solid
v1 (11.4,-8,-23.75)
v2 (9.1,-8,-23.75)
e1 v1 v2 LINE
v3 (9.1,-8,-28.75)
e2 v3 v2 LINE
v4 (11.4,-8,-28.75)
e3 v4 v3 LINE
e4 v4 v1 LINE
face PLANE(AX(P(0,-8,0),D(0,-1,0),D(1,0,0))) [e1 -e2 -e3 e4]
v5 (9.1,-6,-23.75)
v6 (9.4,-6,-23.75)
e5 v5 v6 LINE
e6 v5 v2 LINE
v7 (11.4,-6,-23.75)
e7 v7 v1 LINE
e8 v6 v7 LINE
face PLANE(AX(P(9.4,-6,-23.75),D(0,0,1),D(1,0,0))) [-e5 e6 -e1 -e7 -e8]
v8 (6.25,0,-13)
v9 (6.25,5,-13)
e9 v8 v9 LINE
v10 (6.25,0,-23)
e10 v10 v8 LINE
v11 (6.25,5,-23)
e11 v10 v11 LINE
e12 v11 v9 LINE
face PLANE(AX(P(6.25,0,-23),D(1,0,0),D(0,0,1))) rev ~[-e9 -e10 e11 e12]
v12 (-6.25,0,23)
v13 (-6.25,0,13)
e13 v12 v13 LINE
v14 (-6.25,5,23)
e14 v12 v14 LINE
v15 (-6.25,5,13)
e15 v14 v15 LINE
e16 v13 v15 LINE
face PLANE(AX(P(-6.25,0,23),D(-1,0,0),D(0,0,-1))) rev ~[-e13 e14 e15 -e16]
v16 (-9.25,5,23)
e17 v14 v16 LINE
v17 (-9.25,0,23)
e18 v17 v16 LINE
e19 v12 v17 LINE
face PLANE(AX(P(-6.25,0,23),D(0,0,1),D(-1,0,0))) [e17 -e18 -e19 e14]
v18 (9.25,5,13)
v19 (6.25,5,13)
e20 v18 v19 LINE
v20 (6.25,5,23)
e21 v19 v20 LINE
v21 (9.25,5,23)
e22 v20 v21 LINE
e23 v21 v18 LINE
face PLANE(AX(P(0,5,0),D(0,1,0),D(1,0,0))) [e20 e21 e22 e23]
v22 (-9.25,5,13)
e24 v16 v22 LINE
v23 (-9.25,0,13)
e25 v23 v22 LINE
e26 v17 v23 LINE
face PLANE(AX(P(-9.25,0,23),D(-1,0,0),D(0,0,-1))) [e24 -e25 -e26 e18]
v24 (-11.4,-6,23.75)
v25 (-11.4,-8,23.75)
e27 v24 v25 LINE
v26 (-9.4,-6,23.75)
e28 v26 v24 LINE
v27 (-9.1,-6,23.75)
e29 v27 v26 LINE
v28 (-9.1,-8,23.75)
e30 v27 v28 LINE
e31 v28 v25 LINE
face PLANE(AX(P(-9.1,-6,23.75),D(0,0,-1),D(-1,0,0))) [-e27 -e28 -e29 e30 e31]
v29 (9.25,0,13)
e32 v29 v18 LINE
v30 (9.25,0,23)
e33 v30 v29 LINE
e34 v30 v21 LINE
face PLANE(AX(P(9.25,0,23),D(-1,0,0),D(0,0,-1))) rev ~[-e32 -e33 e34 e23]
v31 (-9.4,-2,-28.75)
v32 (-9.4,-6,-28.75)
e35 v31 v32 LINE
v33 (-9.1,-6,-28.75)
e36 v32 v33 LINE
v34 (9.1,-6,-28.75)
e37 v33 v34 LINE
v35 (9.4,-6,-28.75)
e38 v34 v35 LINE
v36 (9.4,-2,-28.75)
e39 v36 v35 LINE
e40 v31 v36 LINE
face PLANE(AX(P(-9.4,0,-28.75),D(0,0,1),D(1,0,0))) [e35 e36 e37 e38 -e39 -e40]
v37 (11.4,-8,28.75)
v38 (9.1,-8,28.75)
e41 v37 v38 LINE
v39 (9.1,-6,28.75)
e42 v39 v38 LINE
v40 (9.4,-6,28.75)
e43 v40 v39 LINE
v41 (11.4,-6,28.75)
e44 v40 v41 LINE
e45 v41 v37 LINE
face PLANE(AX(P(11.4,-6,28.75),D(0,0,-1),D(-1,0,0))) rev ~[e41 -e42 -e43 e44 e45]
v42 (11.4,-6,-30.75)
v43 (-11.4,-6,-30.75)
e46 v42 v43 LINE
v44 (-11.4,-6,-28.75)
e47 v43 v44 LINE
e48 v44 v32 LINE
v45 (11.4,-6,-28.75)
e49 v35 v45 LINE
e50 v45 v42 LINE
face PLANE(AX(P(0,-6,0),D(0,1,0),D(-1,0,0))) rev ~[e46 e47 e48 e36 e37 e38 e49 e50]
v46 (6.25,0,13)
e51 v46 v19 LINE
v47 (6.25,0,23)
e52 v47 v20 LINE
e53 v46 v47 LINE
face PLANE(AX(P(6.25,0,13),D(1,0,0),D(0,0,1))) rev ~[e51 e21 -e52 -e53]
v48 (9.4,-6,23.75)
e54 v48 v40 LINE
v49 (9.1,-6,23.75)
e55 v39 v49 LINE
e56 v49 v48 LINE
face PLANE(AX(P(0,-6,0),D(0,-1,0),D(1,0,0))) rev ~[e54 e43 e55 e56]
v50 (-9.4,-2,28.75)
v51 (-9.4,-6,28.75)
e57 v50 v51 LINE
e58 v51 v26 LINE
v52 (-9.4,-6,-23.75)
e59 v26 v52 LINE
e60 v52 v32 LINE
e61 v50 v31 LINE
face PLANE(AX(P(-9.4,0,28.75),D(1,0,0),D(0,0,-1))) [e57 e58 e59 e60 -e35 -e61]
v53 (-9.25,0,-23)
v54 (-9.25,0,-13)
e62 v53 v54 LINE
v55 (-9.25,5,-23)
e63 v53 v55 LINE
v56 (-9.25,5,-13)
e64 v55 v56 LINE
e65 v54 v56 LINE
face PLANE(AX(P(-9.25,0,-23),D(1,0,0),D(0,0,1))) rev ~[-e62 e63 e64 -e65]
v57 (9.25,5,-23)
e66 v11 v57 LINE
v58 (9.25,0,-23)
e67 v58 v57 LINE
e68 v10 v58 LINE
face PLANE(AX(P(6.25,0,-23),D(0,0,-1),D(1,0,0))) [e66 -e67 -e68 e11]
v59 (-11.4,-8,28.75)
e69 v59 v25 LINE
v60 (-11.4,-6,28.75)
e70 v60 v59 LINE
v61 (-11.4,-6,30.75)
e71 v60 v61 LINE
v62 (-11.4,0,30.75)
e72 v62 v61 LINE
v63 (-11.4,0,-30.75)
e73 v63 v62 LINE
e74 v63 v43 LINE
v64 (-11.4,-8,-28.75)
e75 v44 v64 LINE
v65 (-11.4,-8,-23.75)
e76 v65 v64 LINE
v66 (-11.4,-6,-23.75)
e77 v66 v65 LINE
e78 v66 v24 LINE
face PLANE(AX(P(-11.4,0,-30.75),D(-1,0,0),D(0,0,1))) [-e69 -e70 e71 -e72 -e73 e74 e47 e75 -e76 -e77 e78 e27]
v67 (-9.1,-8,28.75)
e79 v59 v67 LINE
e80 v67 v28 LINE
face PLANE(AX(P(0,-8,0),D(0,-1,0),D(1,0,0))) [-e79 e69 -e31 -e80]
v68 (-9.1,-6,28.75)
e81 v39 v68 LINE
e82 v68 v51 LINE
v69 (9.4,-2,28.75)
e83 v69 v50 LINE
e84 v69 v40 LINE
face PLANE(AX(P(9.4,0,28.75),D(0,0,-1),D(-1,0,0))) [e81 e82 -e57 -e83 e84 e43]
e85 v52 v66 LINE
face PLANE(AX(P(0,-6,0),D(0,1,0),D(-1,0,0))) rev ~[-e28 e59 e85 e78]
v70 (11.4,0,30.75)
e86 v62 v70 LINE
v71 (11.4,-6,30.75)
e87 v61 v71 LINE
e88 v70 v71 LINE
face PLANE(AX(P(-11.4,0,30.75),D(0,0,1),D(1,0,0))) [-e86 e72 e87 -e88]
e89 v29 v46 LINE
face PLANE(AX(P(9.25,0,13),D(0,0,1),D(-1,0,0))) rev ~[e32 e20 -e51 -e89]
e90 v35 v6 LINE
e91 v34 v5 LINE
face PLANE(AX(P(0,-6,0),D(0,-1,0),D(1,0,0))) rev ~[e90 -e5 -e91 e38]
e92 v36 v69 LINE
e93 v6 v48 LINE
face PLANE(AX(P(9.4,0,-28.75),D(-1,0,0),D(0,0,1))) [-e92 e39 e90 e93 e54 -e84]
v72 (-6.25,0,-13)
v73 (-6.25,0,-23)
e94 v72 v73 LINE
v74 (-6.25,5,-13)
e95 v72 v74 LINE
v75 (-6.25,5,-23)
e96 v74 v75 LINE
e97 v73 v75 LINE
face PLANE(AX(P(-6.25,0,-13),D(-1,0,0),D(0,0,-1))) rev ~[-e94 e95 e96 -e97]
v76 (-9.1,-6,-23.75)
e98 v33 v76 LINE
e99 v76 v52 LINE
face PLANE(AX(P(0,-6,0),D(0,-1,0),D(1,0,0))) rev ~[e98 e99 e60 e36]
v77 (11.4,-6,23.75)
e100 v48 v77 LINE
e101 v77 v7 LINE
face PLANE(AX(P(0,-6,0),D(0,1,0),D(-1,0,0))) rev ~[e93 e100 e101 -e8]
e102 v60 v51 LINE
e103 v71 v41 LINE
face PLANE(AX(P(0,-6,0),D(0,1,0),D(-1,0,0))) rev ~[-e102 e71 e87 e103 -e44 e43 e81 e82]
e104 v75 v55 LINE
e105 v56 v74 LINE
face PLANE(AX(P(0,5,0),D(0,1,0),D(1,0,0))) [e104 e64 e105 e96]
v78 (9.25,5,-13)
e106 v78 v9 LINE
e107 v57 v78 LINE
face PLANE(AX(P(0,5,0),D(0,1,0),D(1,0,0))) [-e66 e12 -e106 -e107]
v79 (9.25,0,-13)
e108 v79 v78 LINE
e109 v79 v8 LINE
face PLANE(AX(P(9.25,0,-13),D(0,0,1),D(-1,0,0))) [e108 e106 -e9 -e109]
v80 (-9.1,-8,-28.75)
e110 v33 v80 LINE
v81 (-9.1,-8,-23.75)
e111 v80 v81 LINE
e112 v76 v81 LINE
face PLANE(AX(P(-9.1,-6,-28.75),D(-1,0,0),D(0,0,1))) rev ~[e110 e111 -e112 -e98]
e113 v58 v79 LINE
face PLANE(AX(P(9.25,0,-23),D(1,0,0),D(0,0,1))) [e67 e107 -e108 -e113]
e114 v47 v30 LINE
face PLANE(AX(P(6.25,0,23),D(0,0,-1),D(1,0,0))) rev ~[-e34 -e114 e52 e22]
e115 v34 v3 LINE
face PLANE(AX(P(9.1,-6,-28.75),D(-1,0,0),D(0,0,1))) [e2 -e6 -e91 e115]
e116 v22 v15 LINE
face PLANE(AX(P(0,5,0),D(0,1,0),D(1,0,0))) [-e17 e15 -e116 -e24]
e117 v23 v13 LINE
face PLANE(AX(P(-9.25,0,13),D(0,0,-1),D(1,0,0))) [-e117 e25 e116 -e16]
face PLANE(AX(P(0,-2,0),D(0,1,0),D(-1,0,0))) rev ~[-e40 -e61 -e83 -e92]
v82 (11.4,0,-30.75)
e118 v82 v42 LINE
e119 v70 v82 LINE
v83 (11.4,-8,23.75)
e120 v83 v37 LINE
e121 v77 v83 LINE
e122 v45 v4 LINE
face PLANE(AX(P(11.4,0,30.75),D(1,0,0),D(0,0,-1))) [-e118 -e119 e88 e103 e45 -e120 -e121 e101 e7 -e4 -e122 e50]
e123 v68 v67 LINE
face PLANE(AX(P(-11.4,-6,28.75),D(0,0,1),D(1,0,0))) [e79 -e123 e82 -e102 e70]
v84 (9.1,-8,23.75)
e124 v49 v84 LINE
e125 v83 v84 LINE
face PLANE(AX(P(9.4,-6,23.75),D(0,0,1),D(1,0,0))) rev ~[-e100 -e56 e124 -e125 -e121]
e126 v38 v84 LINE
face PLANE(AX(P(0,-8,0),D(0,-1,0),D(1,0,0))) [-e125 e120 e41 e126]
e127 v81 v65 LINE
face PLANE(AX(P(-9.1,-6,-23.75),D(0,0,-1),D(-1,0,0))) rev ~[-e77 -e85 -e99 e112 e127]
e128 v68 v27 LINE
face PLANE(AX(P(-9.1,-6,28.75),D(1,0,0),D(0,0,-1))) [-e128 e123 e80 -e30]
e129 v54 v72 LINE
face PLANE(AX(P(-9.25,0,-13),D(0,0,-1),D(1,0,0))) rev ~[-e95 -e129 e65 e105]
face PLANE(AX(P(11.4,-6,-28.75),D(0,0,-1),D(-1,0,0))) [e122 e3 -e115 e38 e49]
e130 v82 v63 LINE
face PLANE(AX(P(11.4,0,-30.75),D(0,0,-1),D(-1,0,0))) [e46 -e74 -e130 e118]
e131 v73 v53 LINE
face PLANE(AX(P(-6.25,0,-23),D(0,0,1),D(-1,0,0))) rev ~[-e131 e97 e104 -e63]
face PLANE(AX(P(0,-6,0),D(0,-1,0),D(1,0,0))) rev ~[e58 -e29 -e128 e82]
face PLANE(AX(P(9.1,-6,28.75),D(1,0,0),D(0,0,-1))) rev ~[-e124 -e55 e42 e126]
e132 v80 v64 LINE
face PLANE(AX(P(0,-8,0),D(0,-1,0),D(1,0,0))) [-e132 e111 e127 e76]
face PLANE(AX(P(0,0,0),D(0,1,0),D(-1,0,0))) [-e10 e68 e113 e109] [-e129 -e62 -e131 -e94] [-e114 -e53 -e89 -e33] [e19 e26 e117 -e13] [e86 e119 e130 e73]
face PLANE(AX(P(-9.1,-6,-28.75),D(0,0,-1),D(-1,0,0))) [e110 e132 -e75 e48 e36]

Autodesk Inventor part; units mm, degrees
ref_plane "YZ Plane" through (0, 0, 0) normal (1, 0, 0) x (0, 1, 0)
ref_plane "XZ Plane" through (0, 0, 0) normal (0, 1, 0) x (-1, 0, 0)
ref_plane "XY Plane" through (0, 0, 0) normal (0, 0, 1) x (1, 0, 0)
sketch "스케치1" plane through (0, 0, 0) normal (0, 1, 0) x (-1, 0, 0)
  line L0 (-9.4, 28.75) -> (9.4, 28.75)
  line L1 (9.4, 28.75) -> (9.4, -28.75)
  line L2 (9.4, -28.75) -> (-9.4, -28.75)
  line L3 (-9.4, -28.75) -> (-9.4, 28.75)
  line L4 (-9.4, 28.75) -> (9.4, -28.75) construction
  line L5 (9.4, 28.75) -> (-9.4, -28.75) construction
  line L6 (-11.4, -30.75) -> (11.4, -30.75)
  line L7 (11.4, -30.75) -> (11.4, 30.75)
  line L8 (11.4, 30.75) -> (-11.4, 30.75)
  line L9 (-11.4, 30.75) -> (-11.4, -30.75)
  point P0 (0, 0)
  dimension "d0" = 18.8
  dimension "d1" = 57.5
  dimension "d2" = 2
extrude "돌출1" add sketch "스케치1" against normal blind 2 contours L0 L1 L2 L3
extrude "돌출2" add sketch "스케치1" against normal blind 6
sketch "스케치2" plane through (0, -6, 0) normal (0, -1, 0) x (1, 0, 0)
  line L0 (11.4, -30.75) -> (11.4, 30.75) projected
  line L1 (9.4, 28.75) -> (9.4, -28.75) projected
  line L2 (9.4, -28.75) -> (-9.4, -28.75) projected
  line L3 (11.4, -28.75) -> (9.1, -28.75)
  line L4 (9.1, -28.75) -> (9.1, -23.75)
  line L5 (9.1, -23.75) -> (11.4, -23.75)
  line L6 (11.4, -23.75) -> (11.4, -28.75)
  line L7 (0, 0) -> (0, -17.1125) construction
  line L8 (0, 0) -> (-6.0193, 0) construction
  line L9 (-11.4, -28.75) -> (-9.1, -28.75)
  line L10 (-9.1, -28.75) -> (-9.1, -23.75)
  line L11 (-9.1, -23.75) -> (-11.4, -23.75)
  line L12 (11.4, 28.75) -> (9.1, 28.75)
  line L13 (9.1, 28.75) -> (9.1, 23.75)
  line L14 (9.1, 23.75) -> (11.4, 23.75)
  line L15 (-9.1, 28.75) -> (-9.1, 23.75)
  line L16 (-11.4, 28.75) -> (-9.1, 28.75)
  line L17 (-9.1, 23.75) -> (-11.4, 23.75)
  line L18 (-11.4, 30.75) -> (-11.4, -30.75) projected
  line L19 (-11.4, -28.75) -> (-11.4, -23.75)
  line L20 (-11.4, 23.75) -> (-11.4, 28.75)
  line L21 (11.4, 23.75) -> (11.4, 28.75)
  point P0 (-9.1, -28.75)
  dimension "d7" = 0.3
  dimension "d8" = 5
extrude "돌출3" add sketch "스케치2" along normal blind 2 contours L3 L1 L5 L0 | L18 L16 L15 L17 | L2 L9 L18 L11 L10 | L2 L4 L5 L1 | L14 L1 L12 L0 | L14 L13 L12 L1
sketch "스케치3" plane through (0, 0, 0) normal (0, 1, 0) x (1, 0, 0)
  line L0 (6.25, -23) -> (-6.25, -23)
  line L1 (-6.25, -23) -> (-6.25, 23)
  line L2 (-6.25, 23) -> (6.25, 23)
  line L3 (6.25, 23) -> (6.25, -23)
  line L4 (6.25, -23) -> (-6.25, 23) construction
  line L5 (-6.25, -23) -> (6.25, 23) construction
  line L6 (0, -23) -> (0, 23) construction
  line L7 (9.4, -23.75) -> (9.4, 23.75) construction
  line L8 (9.4, 0) -> (-6.25, 0) construction
  line L9 (-6.25, -23) -> (-9.25, -23)
  line L10 (-9.25, -23) -> (-9.25, -13)
  line L11 (-9.25, -13) -> (-6.25, -13)
  line L12 (-6.25, -13) -> (-6.25, -23)
  line L13 (6.25, -23) -> (9.25, -23)
  line L14 (9.25, -23) -> (9.25, -13)
  line L15 (9.25, -13) -> (6.25, -13)
  line L16 (6.25, -13) -> (6.25, -23)
  line L17 (-6.25, 23) -> (-9.25, 23)
  line L18 (-9.25, 23) -> (-9.25, 13)
  line L19 (-9.25, 13) -> (-6.25, 13)
  line L20 (-6.25, 13) -> (-6.25, 23)
  line L21 (9.25, 13) -> (6.25, 13)
  line L22 (6.25, 13) -> (6.25, 23)
  line L23 (9.25, 23) -> (9.25, 13)
  line L24 (6.25, 23) -> (9.25, 23)
  point P0 (0, 0)
  dimension "d12" = 46
  dimension "d13" = 3
  dimension "d14" = 10
  dimension "d15" = 9.25
extrude "돌출4" add sketch "스케치3" along normal blind 5 contours L3 L15 L14 L13 | L9 L10 L11 L1 | L3 L24 L23 L21 | L19 L18 L17 L1
properties part number "converter2" material "고무, 검은색"
